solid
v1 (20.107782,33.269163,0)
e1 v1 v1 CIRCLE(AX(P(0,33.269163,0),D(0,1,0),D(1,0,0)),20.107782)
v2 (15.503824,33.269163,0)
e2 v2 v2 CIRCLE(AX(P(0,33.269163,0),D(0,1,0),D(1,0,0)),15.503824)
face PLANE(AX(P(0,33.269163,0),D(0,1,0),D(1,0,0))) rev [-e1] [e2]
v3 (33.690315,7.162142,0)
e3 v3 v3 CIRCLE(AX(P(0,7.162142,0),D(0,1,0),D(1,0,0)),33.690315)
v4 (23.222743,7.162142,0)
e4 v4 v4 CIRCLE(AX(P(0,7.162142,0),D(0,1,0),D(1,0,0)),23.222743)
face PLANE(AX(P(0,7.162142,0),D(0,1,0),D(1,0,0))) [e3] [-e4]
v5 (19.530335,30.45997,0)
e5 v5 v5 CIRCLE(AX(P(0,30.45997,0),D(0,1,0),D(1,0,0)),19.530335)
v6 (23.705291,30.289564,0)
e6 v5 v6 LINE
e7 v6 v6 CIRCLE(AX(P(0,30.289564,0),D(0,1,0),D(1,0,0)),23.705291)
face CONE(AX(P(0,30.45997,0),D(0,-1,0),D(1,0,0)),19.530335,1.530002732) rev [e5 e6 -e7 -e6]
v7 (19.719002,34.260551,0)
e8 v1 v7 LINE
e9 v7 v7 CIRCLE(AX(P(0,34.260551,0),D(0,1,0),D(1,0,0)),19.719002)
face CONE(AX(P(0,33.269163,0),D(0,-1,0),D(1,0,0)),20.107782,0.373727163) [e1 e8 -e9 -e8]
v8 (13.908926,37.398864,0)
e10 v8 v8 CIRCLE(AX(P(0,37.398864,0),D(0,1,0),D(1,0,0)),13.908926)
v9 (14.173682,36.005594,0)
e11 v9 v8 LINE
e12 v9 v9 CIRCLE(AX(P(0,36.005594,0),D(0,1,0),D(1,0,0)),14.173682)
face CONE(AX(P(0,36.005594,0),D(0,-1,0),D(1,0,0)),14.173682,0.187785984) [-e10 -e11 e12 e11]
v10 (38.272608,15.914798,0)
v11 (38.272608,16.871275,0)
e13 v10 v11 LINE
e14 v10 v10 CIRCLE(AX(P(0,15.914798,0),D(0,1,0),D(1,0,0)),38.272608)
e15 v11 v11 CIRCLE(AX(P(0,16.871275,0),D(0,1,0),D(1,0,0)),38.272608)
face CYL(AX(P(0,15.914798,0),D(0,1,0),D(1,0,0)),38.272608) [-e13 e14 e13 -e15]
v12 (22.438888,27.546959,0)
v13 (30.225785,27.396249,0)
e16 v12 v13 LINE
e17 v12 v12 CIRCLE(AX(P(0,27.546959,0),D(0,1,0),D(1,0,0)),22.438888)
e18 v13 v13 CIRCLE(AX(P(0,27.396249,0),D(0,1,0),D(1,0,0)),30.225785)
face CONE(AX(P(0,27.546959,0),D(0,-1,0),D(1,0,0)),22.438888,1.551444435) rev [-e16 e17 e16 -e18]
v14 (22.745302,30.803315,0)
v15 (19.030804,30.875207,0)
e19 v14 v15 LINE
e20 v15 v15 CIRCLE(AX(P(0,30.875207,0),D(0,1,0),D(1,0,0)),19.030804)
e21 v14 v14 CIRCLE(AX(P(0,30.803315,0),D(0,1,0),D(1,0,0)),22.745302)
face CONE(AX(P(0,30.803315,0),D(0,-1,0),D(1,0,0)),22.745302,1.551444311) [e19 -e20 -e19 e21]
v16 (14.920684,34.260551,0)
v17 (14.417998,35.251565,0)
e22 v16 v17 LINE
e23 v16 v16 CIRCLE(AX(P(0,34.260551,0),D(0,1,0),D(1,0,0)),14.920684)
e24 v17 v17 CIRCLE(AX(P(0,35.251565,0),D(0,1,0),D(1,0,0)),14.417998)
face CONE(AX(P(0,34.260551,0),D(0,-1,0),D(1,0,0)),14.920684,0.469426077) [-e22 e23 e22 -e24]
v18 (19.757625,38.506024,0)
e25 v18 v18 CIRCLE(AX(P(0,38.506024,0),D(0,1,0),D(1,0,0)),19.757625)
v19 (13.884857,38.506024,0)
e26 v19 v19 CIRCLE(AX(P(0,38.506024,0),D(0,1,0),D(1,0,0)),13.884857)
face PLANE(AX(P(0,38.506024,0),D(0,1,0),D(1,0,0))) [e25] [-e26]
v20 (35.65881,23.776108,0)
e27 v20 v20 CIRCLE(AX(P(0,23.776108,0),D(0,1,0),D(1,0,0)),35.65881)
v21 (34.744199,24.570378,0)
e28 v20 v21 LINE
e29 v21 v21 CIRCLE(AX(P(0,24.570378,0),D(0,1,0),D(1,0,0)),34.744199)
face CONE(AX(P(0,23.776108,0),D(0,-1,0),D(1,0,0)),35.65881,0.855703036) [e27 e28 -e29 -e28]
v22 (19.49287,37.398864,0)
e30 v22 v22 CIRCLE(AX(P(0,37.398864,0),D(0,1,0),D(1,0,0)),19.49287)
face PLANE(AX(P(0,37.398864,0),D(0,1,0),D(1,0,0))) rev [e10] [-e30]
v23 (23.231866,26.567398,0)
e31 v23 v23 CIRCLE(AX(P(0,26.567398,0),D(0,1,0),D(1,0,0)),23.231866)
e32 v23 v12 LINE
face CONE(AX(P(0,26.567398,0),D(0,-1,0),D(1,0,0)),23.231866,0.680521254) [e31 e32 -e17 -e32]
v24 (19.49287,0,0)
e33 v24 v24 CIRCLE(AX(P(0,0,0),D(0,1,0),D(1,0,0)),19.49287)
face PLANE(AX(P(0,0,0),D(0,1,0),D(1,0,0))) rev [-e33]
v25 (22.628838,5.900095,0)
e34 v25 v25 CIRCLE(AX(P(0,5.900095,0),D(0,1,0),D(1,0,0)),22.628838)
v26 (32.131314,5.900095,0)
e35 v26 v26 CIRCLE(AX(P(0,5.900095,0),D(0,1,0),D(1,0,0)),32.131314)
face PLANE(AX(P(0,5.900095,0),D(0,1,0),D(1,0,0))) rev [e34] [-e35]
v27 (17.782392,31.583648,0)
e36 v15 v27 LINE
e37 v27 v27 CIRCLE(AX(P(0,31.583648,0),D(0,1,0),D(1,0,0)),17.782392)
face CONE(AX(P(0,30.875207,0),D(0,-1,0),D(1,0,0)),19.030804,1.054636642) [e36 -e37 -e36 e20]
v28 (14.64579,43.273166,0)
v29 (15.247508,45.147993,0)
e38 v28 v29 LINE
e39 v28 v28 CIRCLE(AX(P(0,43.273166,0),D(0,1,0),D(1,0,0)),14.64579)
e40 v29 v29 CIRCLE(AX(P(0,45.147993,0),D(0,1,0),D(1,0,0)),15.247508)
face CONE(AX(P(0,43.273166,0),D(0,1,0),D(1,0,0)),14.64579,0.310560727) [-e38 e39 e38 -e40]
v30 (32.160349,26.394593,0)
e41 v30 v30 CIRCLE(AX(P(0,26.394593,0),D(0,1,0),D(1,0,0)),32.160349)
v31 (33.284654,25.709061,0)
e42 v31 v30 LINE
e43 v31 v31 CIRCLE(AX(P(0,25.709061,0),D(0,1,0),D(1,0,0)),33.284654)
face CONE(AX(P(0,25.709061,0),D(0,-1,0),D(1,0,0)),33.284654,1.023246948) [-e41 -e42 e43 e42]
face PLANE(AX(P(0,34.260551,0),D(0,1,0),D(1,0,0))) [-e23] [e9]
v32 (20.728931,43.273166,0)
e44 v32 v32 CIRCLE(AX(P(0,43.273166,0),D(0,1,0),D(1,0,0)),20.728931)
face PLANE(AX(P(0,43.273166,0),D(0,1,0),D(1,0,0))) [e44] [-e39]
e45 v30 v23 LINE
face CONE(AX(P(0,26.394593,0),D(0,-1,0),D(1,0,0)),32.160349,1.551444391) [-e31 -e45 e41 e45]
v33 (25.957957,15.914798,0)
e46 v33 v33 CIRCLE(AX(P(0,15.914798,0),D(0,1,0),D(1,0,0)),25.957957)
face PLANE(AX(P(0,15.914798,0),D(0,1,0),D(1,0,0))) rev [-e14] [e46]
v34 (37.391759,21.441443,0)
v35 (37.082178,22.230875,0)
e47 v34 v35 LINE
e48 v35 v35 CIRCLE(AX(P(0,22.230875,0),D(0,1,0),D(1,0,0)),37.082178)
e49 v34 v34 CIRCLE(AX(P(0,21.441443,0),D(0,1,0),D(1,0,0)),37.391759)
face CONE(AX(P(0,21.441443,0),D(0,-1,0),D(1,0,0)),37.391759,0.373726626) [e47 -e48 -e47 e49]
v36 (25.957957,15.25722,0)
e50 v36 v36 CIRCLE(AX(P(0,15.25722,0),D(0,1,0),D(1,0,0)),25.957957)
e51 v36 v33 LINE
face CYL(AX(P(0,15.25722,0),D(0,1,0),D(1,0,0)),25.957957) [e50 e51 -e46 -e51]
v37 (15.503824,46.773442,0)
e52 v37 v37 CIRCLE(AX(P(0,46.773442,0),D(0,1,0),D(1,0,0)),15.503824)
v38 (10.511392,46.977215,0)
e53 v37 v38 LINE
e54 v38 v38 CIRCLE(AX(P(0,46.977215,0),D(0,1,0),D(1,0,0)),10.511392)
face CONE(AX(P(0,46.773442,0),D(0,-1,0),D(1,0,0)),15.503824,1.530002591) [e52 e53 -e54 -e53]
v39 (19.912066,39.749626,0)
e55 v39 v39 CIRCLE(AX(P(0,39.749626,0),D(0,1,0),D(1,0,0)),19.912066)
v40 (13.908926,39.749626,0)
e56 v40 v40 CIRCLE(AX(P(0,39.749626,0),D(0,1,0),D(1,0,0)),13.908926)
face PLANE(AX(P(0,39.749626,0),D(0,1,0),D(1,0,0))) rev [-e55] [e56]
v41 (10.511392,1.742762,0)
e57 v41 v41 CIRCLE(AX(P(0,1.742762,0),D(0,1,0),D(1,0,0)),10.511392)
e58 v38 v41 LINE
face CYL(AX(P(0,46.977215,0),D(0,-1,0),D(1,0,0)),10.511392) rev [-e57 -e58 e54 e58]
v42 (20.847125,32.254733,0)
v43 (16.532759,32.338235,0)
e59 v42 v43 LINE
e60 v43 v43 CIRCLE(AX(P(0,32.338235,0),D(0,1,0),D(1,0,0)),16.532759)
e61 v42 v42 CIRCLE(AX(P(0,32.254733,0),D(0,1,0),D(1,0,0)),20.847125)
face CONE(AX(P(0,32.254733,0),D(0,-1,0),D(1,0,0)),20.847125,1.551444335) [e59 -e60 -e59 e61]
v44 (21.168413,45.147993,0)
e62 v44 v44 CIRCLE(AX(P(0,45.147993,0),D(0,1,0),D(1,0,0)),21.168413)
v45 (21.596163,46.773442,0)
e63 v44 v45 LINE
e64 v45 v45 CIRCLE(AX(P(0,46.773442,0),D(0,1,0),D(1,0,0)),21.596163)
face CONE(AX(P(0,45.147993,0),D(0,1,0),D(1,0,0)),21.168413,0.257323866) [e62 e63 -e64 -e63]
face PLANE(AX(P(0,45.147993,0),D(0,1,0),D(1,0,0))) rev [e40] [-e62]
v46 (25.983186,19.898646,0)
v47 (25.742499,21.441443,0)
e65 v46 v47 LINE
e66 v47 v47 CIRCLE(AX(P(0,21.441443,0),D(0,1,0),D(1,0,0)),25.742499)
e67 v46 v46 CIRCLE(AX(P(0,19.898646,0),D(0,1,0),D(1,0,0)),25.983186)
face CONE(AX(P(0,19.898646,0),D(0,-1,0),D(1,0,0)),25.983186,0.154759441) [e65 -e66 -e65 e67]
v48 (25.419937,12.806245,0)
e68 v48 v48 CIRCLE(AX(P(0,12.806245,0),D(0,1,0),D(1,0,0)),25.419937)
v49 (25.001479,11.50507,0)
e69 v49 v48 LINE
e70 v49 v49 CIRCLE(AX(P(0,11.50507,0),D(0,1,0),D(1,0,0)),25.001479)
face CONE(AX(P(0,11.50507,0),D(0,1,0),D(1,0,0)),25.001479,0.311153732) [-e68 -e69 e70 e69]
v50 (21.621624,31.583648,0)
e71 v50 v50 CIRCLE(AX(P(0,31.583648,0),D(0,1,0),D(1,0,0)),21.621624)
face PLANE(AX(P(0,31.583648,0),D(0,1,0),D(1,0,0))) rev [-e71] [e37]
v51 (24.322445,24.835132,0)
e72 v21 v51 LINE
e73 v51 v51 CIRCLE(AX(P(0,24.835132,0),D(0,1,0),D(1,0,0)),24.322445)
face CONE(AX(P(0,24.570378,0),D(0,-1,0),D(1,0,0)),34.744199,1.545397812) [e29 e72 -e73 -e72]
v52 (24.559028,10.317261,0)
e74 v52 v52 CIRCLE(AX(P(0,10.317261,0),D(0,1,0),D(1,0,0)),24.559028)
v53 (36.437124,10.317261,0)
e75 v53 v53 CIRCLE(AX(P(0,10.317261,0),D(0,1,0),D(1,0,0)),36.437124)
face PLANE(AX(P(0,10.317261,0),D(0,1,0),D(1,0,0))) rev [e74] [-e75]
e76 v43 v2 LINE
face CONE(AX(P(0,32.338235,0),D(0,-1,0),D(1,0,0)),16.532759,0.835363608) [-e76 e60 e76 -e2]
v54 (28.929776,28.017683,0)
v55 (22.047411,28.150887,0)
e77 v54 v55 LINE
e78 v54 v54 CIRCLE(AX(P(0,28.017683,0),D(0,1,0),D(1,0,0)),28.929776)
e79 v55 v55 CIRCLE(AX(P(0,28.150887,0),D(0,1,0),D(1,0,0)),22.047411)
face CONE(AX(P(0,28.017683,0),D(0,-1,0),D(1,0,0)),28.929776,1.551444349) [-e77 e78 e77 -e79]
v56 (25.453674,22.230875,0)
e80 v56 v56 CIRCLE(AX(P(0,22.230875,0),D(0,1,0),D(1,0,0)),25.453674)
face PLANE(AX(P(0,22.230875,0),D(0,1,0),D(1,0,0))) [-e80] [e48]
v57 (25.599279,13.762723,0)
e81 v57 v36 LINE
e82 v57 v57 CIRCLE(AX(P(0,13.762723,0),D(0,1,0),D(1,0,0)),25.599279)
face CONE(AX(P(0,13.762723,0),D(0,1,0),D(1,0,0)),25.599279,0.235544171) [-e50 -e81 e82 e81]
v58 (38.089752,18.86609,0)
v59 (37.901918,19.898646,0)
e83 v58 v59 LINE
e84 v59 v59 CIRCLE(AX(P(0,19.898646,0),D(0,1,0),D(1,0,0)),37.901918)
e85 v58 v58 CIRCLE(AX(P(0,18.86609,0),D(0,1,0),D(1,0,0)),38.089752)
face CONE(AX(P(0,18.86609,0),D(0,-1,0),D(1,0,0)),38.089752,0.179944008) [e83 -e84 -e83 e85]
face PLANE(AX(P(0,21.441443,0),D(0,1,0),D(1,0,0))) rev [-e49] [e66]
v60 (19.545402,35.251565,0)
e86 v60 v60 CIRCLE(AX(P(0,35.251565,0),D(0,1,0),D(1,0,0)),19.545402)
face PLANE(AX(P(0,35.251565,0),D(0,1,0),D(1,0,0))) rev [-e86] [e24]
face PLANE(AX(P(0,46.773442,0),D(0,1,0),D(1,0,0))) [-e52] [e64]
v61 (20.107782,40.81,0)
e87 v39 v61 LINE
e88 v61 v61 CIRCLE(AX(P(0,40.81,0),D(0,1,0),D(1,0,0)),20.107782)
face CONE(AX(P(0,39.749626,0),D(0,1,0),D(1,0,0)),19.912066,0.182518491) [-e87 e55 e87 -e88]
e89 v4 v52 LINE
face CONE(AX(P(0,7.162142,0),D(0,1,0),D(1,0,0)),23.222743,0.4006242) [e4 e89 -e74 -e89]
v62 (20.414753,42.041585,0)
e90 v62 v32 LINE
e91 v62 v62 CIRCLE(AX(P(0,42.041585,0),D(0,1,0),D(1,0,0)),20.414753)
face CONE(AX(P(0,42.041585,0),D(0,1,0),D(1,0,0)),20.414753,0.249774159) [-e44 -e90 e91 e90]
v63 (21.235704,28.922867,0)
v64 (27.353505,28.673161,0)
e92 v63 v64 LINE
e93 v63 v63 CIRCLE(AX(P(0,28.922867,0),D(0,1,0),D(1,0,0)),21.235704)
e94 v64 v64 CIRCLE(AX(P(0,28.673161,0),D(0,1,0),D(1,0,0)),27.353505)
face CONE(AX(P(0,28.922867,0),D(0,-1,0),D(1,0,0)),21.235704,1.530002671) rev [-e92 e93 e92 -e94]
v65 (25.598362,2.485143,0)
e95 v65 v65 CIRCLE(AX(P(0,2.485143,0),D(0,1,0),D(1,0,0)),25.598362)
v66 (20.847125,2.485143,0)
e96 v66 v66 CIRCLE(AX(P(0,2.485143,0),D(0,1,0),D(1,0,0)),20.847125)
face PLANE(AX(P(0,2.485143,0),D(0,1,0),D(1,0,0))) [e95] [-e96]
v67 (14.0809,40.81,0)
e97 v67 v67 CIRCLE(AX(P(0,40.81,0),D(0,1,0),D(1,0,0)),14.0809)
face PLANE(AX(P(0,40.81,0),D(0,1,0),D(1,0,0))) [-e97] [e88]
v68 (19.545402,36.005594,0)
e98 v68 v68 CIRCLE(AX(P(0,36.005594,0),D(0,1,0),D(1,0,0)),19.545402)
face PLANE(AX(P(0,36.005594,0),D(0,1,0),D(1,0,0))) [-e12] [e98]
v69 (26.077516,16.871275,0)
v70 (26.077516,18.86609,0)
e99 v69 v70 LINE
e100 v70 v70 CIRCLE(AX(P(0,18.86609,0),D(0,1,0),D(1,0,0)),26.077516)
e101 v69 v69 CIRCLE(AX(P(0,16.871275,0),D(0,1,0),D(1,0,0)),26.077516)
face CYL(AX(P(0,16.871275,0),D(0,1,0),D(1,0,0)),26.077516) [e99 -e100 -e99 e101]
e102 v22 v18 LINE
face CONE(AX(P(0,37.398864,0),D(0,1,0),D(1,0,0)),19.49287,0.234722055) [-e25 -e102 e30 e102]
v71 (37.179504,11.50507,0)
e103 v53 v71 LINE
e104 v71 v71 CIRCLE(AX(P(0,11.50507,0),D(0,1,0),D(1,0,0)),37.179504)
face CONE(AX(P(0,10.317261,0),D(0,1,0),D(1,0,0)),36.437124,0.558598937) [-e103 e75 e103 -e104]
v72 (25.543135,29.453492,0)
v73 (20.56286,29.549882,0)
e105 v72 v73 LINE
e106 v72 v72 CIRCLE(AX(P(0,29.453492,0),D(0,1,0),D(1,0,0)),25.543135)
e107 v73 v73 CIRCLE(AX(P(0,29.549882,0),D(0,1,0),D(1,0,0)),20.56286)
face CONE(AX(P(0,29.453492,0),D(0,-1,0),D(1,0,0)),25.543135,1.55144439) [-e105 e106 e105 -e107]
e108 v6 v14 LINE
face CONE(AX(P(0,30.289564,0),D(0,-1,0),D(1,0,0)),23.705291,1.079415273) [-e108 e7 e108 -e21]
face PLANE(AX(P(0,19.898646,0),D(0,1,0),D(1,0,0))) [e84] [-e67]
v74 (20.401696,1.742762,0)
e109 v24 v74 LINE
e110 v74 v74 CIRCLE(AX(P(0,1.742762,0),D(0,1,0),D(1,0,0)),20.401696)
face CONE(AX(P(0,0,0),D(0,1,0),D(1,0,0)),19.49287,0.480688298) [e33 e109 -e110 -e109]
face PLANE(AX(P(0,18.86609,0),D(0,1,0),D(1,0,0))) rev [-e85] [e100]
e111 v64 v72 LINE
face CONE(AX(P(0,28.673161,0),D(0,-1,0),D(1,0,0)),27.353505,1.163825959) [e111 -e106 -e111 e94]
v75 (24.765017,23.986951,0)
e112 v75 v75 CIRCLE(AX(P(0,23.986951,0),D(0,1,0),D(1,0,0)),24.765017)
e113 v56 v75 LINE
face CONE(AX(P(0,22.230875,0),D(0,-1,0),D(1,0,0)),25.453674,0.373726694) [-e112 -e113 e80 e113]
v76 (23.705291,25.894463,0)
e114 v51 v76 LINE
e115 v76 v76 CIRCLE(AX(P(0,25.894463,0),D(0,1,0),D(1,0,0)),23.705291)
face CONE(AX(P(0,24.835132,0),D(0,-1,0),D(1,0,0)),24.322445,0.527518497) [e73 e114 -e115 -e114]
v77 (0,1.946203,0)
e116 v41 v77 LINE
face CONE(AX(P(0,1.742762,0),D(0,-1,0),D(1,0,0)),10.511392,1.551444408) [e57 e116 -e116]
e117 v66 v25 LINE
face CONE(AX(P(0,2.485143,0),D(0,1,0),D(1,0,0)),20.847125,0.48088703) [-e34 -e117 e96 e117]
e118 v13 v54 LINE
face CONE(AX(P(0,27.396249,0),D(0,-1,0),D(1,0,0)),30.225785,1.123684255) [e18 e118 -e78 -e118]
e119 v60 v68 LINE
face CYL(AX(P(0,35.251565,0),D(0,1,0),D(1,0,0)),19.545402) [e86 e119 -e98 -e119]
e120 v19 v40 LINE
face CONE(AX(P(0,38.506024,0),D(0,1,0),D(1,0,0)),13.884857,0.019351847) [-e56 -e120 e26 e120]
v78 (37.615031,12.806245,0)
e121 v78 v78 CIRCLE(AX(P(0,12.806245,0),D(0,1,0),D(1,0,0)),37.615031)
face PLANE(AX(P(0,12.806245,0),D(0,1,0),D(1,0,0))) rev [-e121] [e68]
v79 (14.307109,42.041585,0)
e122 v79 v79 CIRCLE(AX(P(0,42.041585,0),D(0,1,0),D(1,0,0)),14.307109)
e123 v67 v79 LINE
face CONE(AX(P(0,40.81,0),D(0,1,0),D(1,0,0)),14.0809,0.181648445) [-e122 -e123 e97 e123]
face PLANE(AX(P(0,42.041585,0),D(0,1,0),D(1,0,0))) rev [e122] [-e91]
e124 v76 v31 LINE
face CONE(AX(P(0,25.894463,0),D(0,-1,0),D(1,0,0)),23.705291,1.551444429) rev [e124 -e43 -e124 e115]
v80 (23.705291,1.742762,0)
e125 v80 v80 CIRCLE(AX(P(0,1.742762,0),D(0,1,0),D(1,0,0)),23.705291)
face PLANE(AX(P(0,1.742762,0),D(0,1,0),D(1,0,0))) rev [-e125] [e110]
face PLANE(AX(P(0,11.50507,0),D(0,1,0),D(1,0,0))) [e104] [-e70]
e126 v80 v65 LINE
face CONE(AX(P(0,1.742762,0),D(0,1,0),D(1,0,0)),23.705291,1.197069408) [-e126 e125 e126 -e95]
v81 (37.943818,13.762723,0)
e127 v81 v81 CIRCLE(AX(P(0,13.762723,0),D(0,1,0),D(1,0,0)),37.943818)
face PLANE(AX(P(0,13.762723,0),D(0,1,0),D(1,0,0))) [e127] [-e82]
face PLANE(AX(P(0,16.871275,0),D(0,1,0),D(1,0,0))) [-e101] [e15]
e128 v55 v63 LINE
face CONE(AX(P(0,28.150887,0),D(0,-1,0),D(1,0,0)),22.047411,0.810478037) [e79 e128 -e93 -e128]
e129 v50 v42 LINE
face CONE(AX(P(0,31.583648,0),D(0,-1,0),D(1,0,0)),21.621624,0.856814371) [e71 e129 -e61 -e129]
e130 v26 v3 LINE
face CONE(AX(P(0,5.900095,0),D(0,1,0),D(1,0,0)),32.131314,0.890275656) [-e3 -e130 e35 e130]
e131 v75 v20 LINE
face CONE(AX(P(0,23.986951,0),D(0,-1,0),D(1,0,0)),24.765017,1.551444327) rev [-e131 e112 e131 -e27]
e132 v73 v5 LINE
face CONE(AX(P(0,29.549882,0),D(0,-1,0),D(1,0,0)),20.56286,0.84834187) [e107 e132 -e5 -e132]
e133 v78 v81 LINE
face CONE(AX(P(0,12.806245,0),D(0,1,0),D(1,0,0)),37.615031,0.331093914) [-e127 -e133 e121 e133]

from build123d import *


with BuildPart() as f2:
    # F0 (on Top) → F2 (revolve)
    with BuildSketch(Plane.XY):
        Polygon((19.49287, 0), (20.401696, 1.742762), (23.705291, 1.742762), (25.598362, 2.485143), (20.847125, 2.485143), (22.628838, 5.900095), (32.131314, 5.900095), (33.690315, 7.162142), (23.222743, 7.162142), (24.559028, 10.317261), (36.437124, 10.317261), (37.179504, 11.50507), (25.001479, 11.50507), (25.419937, 12.806245), (37.615031, 12.806245), (37.943818, 13.762723), (25.599279, 13.762723), (25.957957, 15.25722), (25.957957, 15.914798), (38.272608, 15.914798), (38.272608, 16.871275), (26.077516, 16.871275), (26.077516, 18.86609), (38.089752, 18.86609), (37.901918, 19.898646), (25.983186, 19.898646), (25.742499, 21.441443), (37.391759, 21.441443), (37.082178, 22.230875), (25.453674, 22.230875), (24.765017, 23.986951), (35.65881, 23.776108), (34.744199, 24.570378), (24.322445, 24.835132), (23.705291, 25.894463), (33.284654, 25.709061), (32.160349, 26.394593), (23.231866, 26.567398), (22.438888, 27.546959), (30.225785, 27.396249), (28.929776, 28.017683), (22.047411, 28.150887), (21.235704, 28.922867), (27.353505, 28.673161), (25.543135, 29.453492), (20.56286, 29.549882), (19.530335, 30.45997), (23.705291, 30.289564), (22.745302, 30.803315), (19.030804, 30.875207), (17.782392, 31.583648), (21.621624, 31.583648), (20.847125, 32.254733), (16.532759, 32.338235), (15.503824, 33.269163), (20.107782, 33.269163), (19.719002, 34.260551), (14.920684, 34.260551), (14.417998, 35.251565), (19.545402, 35.251565), (19.545402, 36.005594), (14.173682, 36.005594), (13.908926, 37.398864), (19.49287, 37.398864), (19.757625, 38.506024), (13.884857, 38.506024), (13.908926, 39.749626), (19.912066, 39.749626), (20.107782, 40.81), (14.0809, 40.81), (14.307109, 42.041585), (20.414753, 42.041585), (20.728931, 43.273166), (14.64579, 43.273166), (15.247508, 45.147993), (21.168413, 45.147993), (21.596163, 46.773442), (15.503824, 46.773442), (10.511392, 46.977215), (10.511392, 1.742762), (0, 1.946203), (0, 0), align=None)
    revolve(axis=Axis((0, 27.407939, 0), (0, 1, 0)))


solid = f2.part
